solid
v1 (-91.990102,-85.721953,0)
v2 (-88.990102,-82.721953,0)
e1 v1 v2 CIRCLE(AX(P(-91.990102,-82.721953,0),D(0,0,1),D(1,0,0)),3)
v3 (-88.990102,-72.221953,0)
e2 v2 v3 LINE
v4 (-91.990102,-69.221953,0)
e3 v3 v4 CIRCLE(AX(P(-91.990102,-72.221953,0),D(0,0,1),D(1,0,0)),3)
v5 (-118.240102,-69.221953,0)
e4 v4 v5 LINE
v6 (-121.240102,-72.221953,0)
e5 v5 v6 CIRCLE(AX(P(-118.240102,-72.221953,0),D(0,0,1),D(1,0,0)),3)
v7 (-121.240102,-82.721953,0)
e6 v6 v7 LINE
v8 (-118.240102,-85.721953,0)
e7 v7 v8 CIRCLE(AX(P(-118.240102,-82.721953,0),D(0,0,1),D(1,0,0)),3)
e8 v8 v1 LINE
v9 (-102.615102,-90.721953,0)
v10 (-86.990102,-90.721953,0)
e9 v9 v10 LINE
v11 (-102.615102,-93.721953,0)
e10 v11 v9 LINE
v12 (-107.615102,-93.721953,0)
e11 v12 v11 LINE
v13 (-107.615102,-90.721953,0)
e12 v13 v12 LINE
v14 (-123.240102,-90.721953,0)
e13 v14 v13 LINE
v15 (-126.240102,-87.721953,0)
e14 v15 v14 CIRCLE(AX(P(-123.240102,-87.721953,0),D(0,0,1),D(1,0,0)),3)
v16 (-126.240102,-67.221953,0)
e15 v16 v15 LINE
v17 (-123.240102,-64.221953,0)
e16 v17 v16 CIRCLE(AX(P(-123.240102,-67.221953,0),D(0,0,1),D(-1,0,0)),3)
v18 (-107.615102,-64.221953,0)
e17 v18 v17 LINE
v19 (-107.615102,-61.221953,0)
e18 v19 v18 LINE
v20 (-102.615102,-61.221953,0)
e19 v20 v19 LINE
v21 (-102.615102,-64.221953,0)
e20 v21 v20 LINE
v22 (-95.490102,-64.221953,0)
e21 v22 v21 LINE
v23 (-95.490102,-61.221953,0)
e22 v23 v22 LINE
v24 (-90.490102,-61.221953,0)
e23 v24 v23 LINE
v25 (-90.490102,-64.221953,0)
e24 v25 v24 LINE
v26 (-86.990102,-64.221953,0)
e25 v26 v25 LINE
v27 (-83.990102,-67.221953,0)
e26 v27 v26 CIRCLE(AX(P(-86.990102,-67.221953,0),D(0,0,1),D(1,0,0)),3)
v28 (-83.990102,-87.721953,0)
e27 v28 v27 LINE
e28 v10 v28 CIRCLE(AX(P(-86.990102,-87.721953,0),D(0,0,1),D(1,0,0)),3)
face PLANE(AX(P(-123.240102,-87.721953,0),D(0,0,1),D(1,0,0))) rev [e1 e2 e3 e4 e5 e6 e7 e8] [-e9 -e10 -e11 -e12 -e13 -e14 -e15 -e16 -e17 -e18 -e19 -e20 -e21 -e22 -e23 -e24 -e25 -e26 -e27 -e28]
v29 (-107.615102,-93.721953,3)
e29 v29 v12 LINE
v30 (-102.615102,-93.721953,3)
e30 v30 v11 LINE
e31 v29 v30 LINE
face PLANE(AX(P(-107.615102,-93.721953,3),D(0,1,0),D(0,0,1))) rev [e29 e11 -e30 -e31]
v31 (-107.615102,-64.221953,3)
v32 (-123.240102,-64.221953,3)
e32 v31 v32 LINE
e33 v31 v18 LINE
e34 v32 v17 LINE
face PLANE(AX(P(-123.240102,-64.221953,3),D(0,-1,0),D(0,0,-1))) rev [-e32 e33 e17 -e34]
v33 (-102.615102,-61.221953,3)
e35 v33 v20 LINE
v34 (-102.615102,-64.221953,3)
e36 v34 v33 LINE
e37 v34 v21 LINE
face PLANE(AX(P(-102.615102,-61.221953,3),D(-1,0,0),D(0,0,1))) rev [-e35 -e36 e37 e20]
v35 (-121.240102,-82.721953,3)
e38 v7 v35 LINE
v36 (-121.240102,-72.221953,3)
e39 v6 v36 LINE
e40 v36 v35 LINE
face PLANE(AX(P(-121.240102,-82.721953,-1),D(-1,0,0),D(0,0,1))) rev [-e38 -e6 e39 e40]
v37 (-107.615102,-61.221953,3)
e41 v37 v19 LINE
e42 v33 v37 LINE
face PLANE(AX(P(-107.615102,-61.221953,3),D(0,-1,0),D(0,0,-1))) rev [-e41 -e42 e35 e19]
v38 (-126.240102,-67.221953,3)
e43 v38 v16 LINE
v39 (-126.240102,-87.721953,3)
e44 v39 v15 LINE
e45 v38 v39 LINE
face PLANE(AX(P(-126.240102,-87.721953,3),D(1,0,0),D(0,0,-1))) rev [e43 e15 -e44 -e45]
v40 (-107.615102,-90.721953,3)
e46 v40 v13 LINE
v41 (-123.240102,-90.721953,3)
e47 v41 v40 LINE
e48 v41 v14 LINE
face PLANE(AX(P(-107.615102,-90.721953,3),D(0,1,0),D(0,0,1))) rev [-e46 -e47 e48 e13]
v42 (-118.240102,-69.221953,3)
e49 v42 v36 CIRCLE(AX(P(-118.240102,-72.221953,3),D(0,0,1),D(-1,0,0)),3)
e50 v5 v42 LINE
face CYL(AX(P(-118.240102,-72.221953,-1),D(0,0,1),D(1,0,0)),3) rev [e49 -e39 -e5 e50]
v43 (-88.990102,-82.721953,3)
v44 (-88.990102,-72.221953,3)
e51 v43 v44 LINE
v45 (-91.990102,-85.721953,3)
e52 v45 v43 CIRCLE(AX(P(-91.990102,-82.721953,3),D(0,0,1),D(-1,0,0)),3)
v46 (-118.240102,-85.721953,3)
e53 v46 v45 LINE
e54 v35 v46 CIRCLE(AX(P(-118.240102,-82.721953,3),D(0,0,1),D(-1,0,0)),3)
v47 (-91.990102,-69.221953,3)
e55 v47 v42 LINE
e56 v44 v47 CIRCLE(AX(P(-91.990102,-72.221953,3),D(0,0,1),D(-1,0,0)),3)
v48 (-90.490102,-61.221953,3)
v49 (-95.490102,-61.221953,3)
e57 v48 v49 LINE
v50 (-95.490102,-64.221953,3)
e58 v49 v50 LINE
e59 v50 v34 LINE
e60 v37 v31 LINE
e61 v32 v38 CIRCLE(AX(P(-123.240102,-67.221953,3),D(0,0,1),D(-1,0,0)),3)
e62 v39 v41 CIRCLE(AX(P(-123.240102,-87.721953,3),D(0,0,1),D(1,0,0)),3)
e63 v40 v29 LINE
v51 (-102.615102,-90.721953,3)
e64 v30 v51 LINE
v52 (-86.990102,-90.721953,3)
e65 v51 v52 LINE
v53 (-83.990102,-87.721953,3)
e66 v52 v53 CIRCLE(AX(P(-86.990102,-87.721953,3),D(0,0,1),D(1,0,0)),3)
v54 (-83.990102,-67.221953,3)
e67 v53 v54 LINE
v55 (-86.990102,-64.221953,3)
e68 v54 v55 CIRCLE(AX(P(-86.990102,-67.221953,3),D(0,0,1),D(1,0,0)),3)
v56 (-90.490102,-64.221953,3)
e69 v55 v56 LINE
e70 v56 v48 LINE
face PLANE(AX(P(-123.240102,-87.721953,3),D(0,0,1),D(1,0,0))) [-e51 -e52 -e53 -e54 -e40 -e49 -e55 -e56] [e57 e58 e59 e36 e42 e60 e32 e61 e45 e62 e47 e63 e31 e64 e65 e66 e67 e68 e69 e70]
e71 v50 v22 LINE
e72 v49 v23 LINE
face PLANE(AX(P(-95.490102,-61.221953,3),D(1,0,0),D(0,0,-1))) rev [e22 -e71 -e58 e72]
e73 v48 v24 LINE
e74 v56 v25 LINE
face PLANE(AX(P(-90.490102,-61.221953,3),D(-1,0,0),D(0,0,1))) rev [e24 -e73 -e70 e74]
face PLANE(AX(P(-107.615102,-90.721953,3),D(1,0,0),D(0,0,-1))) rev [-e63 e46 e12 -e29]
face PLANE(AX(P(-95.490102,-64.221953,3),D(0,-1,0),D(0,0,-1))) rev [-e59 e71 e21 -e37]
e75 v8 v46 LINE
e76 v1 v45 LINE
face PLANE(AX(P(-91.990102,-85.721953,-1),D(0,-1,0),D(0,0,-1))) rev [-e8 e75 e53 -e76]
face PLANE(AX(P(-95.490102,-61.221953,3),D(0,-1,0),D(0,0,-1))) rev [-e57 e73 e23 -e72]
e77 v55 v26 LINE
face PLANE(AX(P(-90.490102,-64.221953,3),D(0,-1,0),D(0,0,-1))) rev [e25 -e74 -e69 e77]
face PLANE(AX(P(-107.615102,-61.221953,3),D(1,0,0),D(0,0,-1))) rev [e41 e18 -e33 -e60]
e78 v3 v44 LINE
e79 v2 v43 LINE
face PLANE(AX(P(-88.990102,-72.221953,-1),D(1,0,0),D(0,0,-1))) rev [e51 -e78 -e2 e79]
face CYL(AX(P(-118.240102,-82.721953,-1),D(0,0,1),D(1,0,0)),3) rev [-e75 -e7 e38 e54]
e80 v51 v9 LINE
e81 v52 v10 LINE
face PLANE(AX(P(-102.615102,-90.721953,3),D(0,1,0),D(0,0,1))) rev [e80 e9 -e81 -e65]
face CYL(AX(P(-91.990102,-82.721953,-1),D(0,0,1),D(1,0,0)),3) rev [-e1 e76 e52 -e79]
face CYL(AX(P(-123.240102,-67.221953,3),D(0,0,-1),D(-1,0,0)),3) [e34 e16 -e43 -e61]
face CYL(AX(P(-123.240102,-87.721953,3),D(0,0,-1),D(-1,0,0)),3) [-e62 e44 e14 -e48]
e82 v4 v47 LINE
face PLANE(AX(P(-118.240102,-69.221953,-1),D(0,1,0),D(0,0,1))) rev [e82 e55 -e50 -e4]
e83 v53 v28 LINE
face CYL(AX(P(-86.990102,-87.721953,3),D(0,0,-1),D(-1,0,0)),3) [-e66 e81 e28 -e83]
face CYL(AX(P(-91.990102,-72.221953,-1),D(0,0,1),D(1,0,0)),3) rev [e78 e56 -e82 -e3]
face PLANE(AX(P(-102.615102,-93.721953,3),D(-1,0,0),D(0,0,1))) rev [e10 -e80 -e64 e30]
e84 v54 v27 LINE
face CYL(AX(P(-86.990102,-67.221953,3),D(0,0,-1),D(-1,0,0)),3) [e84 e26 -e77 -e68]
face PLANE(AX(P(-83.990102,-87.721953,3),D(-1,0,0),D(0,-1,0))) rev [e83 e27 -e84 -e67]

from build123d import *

# Parameters (mm, degrees)
SALIENTE_EXTRUIR1_DEPTH = 3
CORTAR_EXTRUIR1_DEPTH   = 4


with BuildPart() as part:
    # Croquis1 → Saliente-Extruir1 (new body)
    with BuildSketch(Plane.XY):
        with BuildLine():
            Line((-102.615102368, -90.721952824), (-86.990102368, -90.721952824))
            ThreePointArc((-86.990102368, -90.721952824), (-84.868782024, -89.843273168), (-83.990102368, -87.721952824))
            Line((-83.990102368, -87.721952824), (-83.990102368, -67.221952824))
            ThreePointArc((-83.990102368, -67.221952824), (-84.868782024, -65.10063248), (-86.990102368, -64.221952824))
            Line((-86.990102368, -64.221952824), (-90.490102368, -64.221952824))
            Line((-90.490102368, -64.221952824), (-90.490102368, -61.221952824))
            Line((-90.490102368, -61.221952824), (-95.490102368, -61.221952824))
            Line((-95.490102368, -61.221952824), (-95.490102368, -64.221952824))
            Line((-95.490102368, -64.221952824), (-102.615102368, -64.221952824))
            Line((-102.615102368, -64.221952824), (-102.615102368, -61.221952824))
            Line((-102.615102368, -61.221952824), (-105.115102368, -61.221952824))
            Line((-105.115102368, -61.221952824), (-107.615102368, -61.221952824))
            Line((-107.615102368, -61.221952824), (-107.615102368, -64.221952824))
            Line((-107.615102368, -64.221952824), (-123.240102368, -64.221952824))
            ThreePointArc((-123.240102368, -64.221952824), (-125.361422711, -65.10063248), (-126.240102368, -67.221952824))
            Line((-126.240102368, -67.221952824), (-126.240102368, -87.721952824))
            ThreePointArc((-126.240102368, -87.721952824), (-125.361422711, -89.843273168), (-123.240102368, -90.721952824))
            Line((-123.240102368, -90.721952824), (-107.615102368, -90.721952824))
            Line((-107.615102368, -90.721952824), (-107.615102368, -93.721952824))
            Line((-107.615102368, -93.721952824), (-102.615102368, -93.721952824))
            Line((-102.615102368, -93.721952824), (-102.615102368, -90.721952824))
        make_face()
    extrude(amount=SALIENTE_EXTRUIR1_DEPTH)

    # Croquis2 → Cortar-Extruir1 (cut)
    with BuildSketch(Plane.XY.offset(3)):
        with BuildLine():
            Line((-115.427602368, -69.221952824), (-91.990102368, -69.221952824))
            ThreePointArc((-91.990102368, -69.221952824), (-89.868782024, -70.10063248), (-88.990102368, -72.221952824))
            Line((-88.990102368, -72.221952824), (-88.990102368, -82.721952824))
            ThreePointArc((-88.990102368, -82.721952824), (-89.868782024, -84.843273168), (-91.990102368, -85.721952824))
            Line((-91.990102368, -85.721952824), (-118.240102368, -85.721952824))
            ThreePointArc((-118.240102368, -85.721952824), (-120.361422711, -84.843273168), (-121.240102368, -82.721952824))
            Line((-121.240102368, -82.721952824), (-121.240102368, -72.221952824))
            ThreePointArc((-121.240102368, -72.221952824), (-120.361422711, -70.10063248), (-118.240102368, -69.221952824))
            Line((-118.240102368, -69.221952824), (-115.427602368, -69.221952824))
        make_face()
    extrude(amount=-CORTAR_EXTRUIR1_DEPTH, mode=Mode.SUBTRACT)


solid = part.part
